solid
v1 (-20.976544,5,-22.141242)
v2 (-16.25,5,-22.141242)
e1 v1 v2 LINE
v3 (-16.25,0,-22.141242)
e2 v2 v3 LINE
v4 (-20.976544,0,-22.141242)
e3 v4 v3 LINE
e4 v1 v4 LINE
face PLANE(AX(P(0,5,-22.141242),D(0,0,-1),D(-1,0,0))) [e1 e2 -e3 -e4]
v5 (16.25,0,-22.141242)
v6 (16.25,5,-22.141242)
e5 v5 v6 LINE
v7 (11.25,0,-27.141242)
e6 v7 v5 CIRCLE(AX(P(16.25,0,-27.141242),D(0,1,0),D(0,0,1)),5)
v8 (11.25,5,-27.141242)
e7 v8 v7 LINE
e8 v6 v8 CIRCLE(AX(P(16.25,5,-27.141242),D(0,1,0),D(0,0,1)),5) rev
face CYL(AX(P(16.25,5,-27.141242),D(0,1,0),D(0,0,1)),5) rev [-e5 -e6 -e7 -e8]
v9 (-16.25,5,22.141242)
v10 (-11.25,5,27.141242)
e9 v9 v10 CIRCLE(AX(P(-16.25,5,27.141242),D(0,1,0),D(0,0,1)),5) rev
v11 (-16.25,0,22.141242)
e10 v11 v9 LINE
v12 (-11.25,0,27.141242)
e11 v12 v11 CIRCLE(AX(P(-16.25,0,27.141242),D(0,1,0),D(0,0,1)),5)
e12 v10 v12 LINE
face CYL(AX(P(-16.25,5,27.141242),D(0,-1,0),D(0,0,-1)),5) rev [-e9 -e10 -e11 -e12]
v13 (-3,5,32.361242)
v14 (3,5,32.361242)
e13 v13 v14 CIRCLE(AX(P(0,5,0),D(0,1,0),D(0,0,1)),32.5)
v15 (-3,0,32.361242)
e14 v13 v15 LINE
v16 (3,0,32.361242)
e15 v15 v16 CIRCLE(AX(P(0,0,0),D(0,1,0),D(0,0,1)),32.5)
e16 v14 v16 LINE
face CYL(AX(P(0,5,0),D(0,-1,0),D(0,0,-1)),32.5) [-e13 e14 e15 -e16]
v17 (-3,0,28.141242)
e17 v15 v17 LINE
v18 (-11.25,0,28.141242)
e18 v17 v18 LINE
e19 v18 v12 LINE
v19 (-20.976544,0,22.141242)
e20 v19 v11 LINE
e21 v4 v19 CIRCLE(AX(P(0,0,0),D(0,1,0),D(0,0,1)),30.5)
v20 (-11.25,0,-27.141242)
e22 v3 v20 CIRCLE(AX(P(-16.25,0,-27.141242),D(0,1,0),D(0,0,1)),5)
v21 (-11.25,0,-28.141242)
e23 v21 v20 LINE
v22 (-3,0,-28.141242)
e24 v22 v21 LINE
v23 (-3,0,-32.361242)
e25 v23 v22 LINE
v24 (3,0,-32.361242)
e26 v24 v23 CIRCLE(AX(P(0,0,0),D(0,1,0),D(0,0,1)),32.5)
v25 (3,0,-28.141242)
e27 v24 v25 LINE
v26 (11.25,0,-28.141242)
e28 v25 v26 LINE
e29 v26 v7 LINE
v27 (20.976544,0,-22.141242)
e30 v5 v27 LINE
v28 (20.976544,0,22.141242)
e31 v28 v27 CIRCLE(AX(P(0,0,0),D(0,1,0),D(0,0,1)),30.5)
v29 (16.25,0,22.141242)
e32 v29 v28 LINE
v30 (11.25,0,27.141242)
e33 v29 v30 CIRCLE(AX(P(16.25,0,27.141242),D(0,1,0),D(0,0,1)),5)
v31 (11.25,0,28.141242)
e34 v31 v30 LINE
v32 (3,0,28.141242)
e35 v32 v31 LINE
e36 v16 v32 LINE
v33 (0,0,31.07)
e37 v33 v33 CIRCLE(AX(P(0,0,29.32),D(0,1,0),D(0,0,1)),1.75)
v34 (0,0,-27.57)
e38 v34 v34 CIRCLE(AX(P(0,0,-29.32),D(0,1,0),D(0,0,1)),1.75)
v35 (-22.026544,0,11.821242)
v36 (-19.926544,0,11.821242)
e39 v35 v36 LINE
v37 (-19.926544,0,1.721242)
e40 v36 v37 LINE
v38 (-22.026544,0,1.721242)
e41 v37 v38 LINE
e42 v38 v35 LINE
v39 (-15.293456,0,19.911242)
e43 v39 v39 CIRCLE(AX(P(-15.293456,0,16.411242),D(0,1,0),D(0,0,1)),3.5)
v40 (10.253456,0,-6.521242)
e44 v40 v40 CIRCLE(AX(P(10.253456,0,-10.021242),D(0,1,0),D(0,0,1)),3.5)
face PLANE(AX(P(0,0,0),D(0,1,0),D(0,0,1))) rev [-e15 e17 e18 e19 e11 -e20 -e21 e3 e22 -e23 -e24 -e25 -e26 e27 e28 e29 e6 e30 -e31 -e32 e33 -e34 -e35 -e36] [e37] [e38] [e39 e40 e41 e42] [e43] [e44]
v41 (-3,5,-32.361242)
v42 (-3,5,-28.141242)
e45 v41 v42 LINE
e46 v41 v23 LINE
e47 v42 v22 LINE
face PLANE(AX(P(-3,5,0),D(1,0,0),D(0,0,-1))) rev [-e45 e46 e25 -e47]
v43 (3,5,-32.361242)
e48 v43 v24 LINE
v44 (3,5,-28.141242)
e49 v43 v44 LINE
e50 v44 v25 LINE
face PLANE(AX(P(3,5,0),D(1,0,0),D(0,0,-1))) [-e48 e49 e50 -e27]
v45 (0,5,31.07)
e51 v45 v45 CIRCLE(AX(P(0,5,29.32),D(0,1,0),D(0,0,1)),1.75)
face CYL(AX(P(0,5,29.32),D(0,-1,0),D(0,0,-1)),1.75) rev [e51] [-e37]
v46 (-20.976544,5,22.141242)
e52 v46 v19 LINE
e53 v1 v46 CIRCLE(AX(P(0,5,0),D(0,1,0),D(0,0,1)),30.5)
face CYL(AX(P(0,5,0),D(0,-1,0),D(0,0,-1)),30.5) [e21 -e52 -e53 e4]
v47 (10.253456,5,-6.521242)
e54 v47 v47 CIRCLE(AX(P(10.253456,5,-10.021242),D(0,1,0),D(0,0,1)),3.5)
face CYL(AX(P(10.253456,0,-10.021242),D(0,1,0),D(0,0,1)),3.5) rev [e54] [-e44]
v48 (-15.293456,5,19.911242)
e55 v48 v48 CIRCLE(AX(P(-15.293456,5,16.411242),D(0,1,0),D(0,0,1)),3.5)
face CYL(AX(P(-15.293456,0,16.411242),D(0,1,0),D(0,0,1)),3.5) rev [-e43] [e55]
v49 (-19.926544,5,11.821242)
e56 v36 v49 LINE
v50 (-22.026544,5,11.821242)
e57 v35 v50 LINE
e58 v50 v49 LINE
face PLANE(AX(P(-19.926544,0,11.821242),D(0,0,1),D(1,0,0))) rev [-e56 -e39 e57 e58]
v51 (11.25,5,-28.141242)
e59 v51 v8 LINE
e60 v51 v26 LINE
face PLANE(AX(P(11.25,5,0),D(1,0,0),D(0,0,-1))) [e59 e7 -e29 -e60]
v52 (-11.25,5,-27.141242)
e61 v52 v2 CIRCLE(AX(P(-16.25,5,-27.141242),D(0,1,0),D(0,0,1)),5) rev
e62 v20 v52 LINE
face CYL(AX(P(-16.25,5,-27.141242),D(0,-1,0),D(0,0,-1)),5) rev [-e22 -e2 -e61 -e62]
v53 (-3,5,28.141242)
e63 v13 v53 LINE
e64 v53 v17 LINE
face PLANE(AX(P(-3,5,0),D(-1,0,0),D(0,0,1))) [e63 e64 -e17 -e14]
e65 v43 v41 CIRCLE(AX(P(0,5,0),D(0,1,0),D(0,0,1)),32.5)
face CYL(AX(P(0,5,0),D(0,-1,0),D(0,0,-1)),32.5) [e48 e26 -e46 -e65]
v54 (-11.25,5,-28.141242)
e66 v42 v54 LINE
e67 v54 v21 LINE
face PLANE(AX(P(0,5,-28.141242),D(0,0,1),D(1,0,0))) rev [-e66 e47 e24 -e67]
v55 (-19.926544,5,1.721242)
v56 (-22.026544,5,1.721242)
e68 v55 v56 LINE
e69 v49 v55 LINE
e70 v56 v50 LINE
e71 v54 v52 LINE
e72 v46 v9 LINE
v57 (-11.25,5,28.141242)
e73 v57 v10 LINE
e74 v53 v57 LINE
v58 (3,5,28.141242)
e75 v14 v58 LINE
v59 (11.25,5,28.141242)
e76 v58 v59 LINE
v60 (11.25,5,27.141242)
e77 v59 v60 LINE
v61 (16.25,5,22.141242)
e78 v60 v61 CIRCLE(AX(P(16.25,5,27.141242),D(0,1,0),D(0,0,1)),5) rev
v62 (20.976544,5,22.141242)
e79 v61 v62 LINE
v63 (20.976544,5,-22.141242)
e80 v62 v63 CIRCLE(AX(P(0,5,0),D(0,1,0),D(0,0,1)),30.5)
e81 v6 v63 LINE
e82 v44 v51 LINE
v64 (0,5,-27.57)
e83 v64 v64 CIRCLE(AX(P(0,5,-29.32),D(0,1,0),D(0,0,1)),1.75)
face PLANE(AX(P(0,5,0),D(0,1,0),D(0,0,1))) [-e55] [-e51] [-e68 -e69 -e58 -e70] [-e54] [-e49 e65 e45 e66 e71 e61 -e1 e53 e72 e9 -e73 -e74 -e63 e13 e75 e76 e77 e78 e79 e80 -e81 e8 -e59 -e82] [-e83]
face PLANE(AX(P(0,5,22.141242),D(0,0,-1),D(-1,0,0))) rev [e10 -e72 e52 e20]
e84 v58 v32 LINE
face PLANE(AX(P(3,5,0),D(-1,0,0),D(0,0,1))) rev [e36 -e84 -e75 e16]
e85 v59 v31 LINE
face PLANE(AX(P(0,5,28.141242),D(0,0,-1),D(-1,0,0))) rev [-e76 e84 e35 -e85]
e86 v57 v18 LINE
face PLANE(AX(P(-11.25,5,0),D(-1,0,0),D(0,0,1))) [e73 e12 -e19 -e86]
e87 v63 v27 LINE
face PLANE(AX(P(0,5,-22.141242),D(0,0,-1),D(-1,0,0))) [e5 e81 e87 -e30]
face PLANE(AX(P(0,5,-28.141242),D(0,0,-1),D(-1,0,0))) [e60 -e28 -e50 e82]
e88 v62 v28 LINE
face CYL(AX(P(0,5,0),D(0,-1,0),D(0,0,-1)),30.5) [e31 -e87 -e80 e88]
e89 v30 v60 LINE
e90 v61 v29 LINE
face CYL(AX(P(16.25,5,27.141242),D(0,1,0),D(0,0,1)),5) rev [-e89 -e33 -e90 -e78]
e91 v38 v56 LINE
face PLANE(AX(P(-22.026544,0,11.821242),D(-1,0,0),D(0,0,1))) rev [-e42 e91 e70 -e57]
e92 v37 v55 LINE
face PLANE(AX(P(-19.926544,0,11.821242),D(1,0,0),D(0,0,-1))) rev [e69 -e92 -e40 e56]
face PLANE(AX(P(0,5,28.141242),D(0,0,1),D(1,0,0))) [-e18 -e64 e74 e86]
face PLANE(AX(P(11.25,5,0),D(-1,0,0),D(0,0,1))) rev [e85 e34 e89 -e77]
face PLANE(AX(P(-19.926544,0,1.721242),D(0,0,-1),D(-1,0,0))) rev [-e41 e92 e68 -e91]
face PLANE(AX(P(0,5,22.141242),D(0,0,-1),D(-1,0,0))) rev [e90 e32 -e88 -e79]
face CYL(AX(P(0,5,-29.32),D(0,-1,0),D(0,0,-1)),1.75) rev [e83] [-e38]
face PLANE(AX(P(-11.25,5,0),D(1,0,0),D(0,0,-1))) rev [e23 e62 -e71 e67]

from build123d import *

# Parameters (mm, degrees)
SKETCH2_R           = 1.75
BOSS_EXTRUDE1_DEPTH = 5
FILLET1_R           = 5
SKETCH3_R           = 3.5
SKETCH3_W           = 2.1
SKETCH3_H           = 10.1
CUT_EXTRUDE1_DEPTH  = 6


with BuildPart() as part:
    # Sketch2 → Boss-Extrude1 (new body)
    with BuildSketch(Plane(origin=(0, 0, 0), x_dir=(1, 0, 0), z_dir=(0, 1, 0))):
        with BuildLine():
            Line((3, 28.141242251), (3, 32.361242251))
            ThreePointArc((3, 32.361242251), (0, 32.5), (-3, 32.361242251))
            Line((-3, 32.361242251), (-3, 28.141242251))
            Line((-3, 28.141242251), (-11.25, 28.141242251))
            Line((-11.25, 28.141242251), (-11.25, 22.141242251))
            Line((-11.25, 22.141242251), (-20.976543843, 22.141242251))
            ThreePointArc((-20.976543843, 22.141242251), (-30.5, 0), (-20.976543843, -22.141242251))
            Line((-20.976543843, -22.141242251), (-11.25, -22.141242251))
            Line((-11.25, -22.141242251), (-11.25, -28.141242251))
            Line((-11.25, -28.141242251), (-3, -28.141242251))
            Line((-3, -28.141242251), (-3, -32.361242251))
            ThreePointArc((-3, -32.361242251), (0, -32.5), (3, -32.361242251))
            Line((3, -32.361242251), (3, -28.141242251))
            Line((3, -28.141242251), (11.25, -28.141242251))
            Line((11.25, -28.141242251), (11.25, -22.141242251))
            Line((11.25, -22.141242251), (20.976543843, -22.141242251))
            ThreePointArc((20.976543843, -22.141242251), (30.5, 0), (20.976543843, 22.141242251))
            Line((20.976543843, 22.141242251), (11.25, 22.141242251))
            Line((11.25, 22.141242251), (11.25, 28.141242251))
            Line((11.25, 28.141242251), (3, 28.141242251))
        make_face()
        with Locations((0, 29.32)):
            Circle(SKETCH2_R, mode=Mode.SUBTRACT)
        with Locations((0, -29.32)):
            Circle(SKETCH2_R, mode=Mode.SUBTRACT)
    extrude(amount=BOSS_EXTRUDE1_DEPTH)

    # Fillet1
    fillet1_edges = [part.edges().sort_by_distance(p)[0] for p in [
        (-11.25, 2.5, -22.141242251),
        (11.25, 2.5, -22.141242251),
        (11.25, 2.5, 22.141242251),
        (-11.25, 2.5, 22.141242251),
    ]]
    fillet(fillet1_edges, radius=FILLET1_R)

    # Sketch3 → Cut-Extrude1 (cut, through all)
    with BuildSketch(Plane(origin=(0, 5, 0), x_dir=(1, 0, 0), z_dir=(0, 1, 0))):
        with Locations((10.253456157, 10.021242251)):
            Circle(SKETCH3_R)
        with Locations((-15.293456157, -16.411242251)):
            Circle(SKETCH3_R)
        with Locations((-20.976543843, -6.771242251)):
            Rectangle(SKETCH3_W, SKETCH3_H)
    extrude(amount=-CUT_EXTRUDE1_DEPTH, mode=Mode.SUBTRACT)


solid = part.part
